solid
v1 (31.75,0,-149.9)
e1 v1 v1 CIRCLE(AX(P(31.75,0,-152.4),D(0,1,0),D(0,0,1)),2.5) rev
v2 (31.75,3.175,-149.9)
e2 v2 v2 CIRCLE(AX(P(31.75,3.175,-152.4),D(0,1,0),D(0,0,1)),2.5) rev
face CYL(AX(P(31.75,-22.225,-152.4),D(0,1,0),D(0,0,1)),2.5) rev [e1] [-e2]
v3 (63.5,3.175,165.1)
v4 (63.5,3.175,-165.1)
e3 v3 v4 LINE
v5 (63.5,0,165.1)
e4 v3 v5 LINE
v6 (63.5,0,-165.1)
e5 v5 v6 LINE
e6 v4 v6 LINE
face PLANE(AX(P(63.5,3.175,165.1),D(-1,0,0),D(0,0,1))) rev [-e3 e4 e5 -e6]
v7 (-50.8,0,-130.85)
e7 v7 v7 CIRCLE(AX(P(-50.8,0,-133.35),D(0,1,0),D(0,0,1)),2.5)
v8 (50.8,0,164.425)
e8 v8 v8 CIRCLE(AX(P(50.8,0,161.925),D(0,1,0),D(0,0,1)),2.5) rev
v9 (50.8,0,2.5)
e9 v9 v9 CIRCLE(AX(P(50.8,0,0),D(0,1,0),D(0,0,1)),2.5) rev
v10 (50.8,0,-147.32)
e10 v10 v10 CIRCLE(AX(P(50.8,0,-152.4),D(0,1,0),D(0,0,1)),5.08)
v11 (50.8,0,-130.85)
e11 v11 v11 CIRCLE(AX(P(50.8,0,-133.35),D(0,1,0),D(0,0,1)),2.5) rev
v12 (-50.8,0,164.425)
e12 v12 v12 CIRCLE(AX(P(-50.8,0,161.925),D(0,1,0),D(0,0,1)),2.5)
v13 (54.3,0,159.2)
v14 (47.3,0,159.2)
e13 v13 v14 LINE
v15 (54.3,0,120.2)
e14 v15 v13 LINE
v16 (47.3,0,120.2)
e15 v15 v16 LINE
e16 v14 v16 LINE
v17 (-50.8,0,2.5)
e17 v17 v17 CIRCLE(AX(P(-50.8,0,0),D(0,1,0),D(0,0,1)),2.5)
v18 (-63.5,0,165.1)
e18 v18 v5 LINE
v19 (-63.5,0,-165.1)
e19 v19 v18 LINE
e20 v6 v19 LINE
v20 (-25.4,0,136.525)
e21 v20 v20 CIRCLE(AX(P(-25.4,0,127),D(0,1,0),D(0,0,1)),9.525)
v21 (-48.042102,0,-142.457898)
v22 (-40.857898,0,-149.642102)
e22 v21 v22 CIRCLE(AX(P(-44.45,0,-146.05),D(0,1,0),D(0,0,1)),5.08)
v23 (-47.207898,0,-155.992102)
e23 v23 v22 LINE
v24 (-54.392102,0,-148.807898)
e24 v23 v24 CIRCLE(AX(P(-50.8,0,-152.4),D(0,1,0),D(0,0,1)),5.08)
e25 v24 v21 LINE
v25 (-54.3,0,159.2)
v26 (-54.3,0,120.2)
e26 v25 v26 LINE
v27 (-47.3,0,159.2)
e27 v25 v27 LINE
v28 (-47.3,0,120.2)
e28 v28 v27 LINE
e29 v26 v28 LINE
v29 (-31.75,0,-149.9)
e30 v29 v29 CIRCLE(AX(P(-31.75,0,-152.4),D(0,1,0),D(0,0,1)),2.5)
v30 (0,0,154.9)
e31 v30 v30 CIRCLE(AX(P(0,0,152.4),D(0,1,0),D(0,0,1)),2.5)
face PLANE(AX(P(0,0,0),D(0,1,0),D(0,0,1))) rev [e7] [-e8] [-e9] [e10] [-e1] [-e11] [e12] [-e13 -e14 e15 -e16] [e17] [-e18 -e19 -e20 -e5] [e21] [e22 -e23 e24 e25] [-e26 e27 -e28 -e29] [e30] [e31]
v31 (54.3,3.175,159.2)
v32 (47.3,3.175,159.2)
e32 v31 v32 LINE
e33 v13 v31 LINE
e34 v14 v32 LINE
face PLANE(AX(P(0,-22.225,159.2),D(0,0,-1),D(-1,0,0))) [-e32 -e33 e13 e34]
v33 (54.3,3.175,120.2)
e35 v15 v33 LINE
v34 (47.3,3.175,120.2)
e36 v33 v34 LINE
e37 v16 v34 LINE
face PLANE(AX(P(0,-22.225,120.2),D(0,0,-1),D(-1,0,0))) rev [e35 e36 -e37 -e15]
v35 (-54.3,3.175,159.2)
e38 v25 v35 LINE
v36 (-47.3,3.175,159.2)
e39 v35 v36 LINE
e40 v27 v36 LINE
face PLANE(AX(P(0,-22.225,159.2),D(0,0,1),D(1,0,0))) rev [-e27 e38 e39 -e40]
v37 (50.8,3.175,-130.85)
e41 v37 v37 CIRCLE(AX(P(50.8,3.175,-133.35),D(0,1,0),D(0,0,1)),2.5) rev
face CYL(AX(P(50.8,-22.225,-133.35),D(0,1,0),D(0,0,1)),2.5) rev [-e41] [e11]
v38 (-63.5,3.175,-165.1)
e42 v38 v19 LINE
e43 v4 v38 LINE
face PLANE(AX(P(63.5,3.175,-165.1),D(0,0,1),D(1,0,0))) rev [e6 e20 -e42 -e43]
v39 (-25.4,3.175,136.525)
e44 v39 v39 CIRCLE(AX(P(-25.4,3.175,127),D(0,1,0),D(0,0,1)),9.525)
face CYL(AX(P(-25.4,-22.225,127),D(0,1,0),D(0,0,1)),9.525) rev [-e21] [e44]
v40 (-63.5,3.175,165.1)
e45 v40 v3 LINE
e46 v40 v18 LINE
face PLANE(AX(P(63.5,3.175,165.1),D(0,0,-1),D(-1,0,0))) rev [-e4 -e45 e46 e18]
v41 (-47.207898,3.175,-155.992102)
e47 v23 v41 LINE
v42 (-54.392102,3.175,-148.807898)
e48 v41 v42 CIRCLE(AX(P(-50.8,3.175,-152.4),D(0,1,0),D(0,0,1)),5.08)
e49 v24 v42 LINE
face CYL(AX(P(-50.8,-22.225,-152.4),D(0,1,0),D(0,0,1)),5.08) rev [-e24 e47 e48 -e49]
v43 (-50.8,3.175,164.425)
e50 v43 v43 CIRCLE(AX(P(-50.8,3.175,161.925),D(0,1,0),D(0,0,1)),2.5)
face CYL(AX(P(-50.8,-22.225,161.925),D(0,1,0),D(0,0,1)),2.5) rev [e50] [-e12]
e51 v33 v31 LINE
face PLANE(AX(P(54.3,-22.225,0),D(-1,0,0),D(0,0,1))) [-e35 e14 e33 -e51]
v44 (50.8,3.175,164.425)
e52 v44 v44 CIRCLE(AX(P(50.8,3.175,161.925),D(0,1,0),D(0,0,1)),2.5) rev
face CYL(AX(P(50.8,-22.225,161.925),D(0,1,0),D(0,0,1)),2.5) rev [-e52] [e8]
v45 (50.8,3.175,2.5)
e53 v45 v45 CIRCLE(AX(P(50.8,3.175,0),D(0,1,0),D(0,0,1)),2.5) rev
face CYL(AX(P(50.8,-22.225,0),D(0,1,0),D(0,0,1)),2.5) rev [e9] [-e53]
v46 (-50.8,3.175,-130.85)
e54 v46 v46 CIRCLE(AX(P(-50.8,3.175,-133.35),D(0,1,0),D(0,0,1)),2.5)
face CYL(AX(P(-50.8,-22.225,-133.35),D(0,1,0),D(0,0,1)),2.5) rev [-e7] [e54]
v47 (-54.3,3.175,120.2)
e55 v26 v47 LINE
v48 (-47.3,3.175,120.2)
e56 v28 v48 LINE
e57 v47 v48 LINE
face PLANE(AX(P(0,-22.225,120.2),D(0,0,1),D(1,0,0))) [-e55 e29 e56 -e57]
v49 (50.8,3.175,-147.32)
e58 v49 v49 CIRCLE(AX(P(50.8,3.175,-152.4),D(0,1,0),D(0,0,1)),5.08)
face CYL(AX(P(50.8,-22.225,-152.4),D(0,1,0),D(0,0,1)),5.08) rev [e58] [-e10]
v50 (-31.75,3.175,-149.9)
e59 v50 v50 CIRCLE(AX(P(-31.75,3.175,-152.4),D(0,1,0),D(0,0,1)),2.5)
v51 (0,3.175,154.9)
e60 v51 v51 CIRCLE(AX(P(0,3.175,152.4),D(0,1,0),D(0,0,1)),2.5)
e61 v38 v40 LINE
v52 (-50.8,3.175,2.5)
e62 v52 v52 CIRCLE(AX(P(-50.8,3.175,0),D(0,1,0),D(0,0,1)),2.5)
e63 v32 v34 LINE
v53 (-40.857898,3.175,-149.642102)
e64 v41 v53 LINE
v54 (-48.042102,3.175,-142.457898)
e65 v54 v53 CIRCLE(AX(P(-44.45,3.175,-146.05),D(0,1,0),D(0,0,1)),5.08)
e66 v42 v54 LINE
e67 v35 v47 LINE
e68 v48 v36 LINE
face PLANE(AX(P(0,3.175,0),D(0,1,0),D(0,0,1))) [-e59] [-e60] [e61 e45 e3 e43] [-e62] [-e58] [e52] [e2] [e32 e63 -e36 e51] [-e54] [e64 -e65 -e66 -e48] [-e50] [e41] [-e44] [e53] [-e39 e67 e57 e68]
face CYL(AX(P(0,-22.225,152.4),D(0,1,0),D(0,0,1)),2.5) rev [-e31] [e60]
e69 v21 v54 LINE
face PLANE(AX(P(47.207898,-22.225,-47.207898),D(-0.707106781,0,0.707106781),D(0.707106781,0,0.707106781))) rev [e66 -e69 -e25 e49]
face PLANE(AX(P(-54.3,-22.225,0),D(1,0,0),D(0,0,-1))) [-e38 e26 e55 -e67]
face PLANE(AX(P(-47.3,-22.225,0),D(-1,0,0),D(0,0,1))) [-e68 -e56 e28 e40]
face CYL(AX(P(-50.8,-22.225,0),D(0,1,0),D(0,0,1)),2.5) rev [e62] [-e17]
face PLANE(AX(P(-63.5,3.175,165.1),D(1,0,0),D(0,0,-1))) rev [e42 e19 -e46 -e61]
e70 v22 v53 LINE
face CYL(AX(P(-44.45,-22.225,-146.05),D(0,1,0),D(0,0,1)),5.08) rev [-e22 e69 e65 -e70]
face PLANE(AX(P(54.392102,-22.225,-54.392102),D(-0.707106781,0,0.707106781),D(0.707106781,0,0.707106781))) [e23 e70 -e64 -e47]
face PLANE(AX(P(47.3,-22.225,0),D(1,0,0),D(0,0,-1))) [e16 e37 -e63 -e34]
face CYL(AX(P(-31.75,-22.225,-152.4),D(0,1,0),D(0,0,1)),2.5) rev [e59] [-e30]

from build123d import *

# Parameters (mm, degrees)
SKETCH1_W           = 127
SKETCH1_H           = 330.2
BOSS_EXTRUDE1_DEPTH = 3.175
SKETCH2_R           = 2.5
SKETCH2_R_2         = 5.08
CUT_EXTRUDE1_DEPTH  = 25.4
SKETCH3_W           = 7
SKETCH3_H           = 39
SKETCH3_R           = 9.525
CUT_EXTRUDE2_DEPTH  = 25.4


with BuildPart() as part:
    # Sketch1 → Boss-Extrude1 (new body)
    with BuildSketch(Plane(origin=(0, 0, 0), x_dir=(1, 0, 0), z_dir=(0, 1, 0))):
        Rectangle(SKETCH1_W, SKETCH1_H)
    extrude(amount=BOSS_EXTRUDE1_DEPTH)

    # Sketch2 → Cut-Extrude1 (cut)
    # profile 1 of 14: a face of its own
    with BuildSketch(Plane(origin=(0, 3.175, 0), x_dir=(1, 0, 0), z_dir=(0, 1, 0))):
        with BuildLine():
            Line((-47.207897552, 155.992102448), (-40.857897552, 149.642102448))
            ThreePointArc((-40.857897552, 149.642102448), (-40.857897552, 142.457897552), (-48.042102448, 142.457897552))
            Line((-48.042102448, 142.457897552), (-54.392102448, 148.807897552))
            ThreePointArc((-54.392102448, 148.807897552), (-54.392102448, 155.992102448), (-47.207897552, 155.992102448))
        make_face()
        with Locations((-44.45, 146.05)):
            Circle(SKETCH2_R, mode=Mode.SUBTRACT)
        with Locations((-50.8, 152.4)):
            Circle(SKETCH2_R, mode=Mode.SUBTRACT)
    # profile 2 of 14: a face of its own
    with BuildSketch(Plane(origin=(0, 3.175, 0), x_dir=(1, 0, 0), z_dir=(0, 1, 0))):
        with Locations((-44.45, 146.05)):
            Circle(SKETCH2_R)
    # profile 3 of 14: a face of its own
    with BuildSketch(Plane(origin=(0, 3.175, 0), x_dir=(1, 0, 0), z_dir=(0, 1, 0))):
        with Locations((-50.8, 152.4)):
            Circle(SKETCH2_R)
    # profile 4 of 14: a face of its own
    with BuildSketch(Plane(origin=(0, 3.175, 0), x_dir=(1, 0, 0), z_dir=(0, 1, 0))):
        with Locations((50.8, 152.4)):
            Circle(SKETCH2_R_2)
        with Locations((50.8, 152.4)):
            Circle(SKETCH2_R, mode=Mode.SUBTRACT)
    # profile 5 of 14: a face of its own
    with BuildSketch(Plane(origin=(0, 3.175, 0), x_dir=(1, 0, 0), z_dir=(0, 1, 0))):
        with Locations((50.8, 152.4)):
            Circle(SKETCH2_R)
    # profile 6 of 14: a face of its own
    with BuildSketch(Plane(origin=(0, 3.175, 0), x_dir=(1, 0, 0), z_dir=(0, 1, 0))):
        with Locations((-31.75, 152.4)):
            Circle(SKETCH2_R)
    # profile 7 of 14: a face of its own
    with BuildSketch(Plane(origin=(0, 3.175, 0), x_dir=(1, 0, 0), z_dir=(0, 1, 0))):
        with Locations((31.75, 152.4)):
            Circle(SKETCH2_R)
    # profile 8 of 14: a face of its own
    with BuildSketch(Plane(origin=(0, 3.175, 0), x_dir=(1, 0, 0), z_dir=(0, 1, 0))):
        with Locations((-50.8, 133.35)):
            Circle(SKETCH2_R)
    # profile 9 of 14: a face of its own
    with BuildSketch(Plane(origin=(0, 3.175, 0), x_dir=(1, 0, 0), z_dir=(0, 1, 0))):
        with Locations((50.8, 133.35)):
            Circle(SKETCH2_R)
    # profile 10 of 14: a face of its own
    with BuildSketch(Plane(origin=(0, 3.175, 0), x_dir=(1, 0, 0), z_dir=(0, 1, 0))):
        with Locations((-50.8, -161.925)):
            Circle(SKETCH2_R)
    # profile 11 of 14: a face of its own
    with BuildSketch(Plane(origin=(0, 3.175, 0), x_dir=(1, 0, 0), z_dir=(0, 1, 0))):
        with Locations((50.8, -161.925)):
            Circle(SKETCH2_R)
    # profile 12 of 14: a face of its own
    with BuildSketch(Plane(origin=(0, 3.175, 0), x_dir=(1, 0, 0), z_dir=(0, 1, 0))):
        with Locations((-50.8, 0)):
            Circle(SKETCH2_R)
    # profile 13 of 14: a face of its own
    with BuildSketch(Plane(origin=(0, 3.175, 0), x_dir=(1, 0, 0), z_dir=(0, 1, 0))):
        with Locations((50.8, 0)):
            Circle(SKETCH2_R)
    # profile 14 of 14: a face of its own
    with BuildSketch(Plane(origin=(0, 3.175, 0), x_dir=(1, 0, 0), z_dir=(0, 1, 0))):
        with Locations((0, -152.4)):
            Circle(SKETCH2_R)
    extrude(amount=-CUT_EXTRUDE1_DEPTH, mode=Mode.SUBTRACT)

    # Sketch3 → Cut-Extrude2 (cut)
    with BuildSketch(Plane(origin=(0, 3.175, 0), x_dir=(1, 0, 0), z_dir=(0, 1, 0))):
        with Locations((-50.8, -139.7)):
            Rectangle(SKETCH3_W, SKETCH3_H)
        with Locations((50.8, -139.7)):
            Rectangle(SKETCH3_W, SKETCH3_H)
        with Locations((-25.4, -127)):
            Circle(SKETCH3_R)
    extrude(amount=-CUT_EXTRUDE2_DEPTH, mode=Mode.SUBTRACT)


solid = part.part
